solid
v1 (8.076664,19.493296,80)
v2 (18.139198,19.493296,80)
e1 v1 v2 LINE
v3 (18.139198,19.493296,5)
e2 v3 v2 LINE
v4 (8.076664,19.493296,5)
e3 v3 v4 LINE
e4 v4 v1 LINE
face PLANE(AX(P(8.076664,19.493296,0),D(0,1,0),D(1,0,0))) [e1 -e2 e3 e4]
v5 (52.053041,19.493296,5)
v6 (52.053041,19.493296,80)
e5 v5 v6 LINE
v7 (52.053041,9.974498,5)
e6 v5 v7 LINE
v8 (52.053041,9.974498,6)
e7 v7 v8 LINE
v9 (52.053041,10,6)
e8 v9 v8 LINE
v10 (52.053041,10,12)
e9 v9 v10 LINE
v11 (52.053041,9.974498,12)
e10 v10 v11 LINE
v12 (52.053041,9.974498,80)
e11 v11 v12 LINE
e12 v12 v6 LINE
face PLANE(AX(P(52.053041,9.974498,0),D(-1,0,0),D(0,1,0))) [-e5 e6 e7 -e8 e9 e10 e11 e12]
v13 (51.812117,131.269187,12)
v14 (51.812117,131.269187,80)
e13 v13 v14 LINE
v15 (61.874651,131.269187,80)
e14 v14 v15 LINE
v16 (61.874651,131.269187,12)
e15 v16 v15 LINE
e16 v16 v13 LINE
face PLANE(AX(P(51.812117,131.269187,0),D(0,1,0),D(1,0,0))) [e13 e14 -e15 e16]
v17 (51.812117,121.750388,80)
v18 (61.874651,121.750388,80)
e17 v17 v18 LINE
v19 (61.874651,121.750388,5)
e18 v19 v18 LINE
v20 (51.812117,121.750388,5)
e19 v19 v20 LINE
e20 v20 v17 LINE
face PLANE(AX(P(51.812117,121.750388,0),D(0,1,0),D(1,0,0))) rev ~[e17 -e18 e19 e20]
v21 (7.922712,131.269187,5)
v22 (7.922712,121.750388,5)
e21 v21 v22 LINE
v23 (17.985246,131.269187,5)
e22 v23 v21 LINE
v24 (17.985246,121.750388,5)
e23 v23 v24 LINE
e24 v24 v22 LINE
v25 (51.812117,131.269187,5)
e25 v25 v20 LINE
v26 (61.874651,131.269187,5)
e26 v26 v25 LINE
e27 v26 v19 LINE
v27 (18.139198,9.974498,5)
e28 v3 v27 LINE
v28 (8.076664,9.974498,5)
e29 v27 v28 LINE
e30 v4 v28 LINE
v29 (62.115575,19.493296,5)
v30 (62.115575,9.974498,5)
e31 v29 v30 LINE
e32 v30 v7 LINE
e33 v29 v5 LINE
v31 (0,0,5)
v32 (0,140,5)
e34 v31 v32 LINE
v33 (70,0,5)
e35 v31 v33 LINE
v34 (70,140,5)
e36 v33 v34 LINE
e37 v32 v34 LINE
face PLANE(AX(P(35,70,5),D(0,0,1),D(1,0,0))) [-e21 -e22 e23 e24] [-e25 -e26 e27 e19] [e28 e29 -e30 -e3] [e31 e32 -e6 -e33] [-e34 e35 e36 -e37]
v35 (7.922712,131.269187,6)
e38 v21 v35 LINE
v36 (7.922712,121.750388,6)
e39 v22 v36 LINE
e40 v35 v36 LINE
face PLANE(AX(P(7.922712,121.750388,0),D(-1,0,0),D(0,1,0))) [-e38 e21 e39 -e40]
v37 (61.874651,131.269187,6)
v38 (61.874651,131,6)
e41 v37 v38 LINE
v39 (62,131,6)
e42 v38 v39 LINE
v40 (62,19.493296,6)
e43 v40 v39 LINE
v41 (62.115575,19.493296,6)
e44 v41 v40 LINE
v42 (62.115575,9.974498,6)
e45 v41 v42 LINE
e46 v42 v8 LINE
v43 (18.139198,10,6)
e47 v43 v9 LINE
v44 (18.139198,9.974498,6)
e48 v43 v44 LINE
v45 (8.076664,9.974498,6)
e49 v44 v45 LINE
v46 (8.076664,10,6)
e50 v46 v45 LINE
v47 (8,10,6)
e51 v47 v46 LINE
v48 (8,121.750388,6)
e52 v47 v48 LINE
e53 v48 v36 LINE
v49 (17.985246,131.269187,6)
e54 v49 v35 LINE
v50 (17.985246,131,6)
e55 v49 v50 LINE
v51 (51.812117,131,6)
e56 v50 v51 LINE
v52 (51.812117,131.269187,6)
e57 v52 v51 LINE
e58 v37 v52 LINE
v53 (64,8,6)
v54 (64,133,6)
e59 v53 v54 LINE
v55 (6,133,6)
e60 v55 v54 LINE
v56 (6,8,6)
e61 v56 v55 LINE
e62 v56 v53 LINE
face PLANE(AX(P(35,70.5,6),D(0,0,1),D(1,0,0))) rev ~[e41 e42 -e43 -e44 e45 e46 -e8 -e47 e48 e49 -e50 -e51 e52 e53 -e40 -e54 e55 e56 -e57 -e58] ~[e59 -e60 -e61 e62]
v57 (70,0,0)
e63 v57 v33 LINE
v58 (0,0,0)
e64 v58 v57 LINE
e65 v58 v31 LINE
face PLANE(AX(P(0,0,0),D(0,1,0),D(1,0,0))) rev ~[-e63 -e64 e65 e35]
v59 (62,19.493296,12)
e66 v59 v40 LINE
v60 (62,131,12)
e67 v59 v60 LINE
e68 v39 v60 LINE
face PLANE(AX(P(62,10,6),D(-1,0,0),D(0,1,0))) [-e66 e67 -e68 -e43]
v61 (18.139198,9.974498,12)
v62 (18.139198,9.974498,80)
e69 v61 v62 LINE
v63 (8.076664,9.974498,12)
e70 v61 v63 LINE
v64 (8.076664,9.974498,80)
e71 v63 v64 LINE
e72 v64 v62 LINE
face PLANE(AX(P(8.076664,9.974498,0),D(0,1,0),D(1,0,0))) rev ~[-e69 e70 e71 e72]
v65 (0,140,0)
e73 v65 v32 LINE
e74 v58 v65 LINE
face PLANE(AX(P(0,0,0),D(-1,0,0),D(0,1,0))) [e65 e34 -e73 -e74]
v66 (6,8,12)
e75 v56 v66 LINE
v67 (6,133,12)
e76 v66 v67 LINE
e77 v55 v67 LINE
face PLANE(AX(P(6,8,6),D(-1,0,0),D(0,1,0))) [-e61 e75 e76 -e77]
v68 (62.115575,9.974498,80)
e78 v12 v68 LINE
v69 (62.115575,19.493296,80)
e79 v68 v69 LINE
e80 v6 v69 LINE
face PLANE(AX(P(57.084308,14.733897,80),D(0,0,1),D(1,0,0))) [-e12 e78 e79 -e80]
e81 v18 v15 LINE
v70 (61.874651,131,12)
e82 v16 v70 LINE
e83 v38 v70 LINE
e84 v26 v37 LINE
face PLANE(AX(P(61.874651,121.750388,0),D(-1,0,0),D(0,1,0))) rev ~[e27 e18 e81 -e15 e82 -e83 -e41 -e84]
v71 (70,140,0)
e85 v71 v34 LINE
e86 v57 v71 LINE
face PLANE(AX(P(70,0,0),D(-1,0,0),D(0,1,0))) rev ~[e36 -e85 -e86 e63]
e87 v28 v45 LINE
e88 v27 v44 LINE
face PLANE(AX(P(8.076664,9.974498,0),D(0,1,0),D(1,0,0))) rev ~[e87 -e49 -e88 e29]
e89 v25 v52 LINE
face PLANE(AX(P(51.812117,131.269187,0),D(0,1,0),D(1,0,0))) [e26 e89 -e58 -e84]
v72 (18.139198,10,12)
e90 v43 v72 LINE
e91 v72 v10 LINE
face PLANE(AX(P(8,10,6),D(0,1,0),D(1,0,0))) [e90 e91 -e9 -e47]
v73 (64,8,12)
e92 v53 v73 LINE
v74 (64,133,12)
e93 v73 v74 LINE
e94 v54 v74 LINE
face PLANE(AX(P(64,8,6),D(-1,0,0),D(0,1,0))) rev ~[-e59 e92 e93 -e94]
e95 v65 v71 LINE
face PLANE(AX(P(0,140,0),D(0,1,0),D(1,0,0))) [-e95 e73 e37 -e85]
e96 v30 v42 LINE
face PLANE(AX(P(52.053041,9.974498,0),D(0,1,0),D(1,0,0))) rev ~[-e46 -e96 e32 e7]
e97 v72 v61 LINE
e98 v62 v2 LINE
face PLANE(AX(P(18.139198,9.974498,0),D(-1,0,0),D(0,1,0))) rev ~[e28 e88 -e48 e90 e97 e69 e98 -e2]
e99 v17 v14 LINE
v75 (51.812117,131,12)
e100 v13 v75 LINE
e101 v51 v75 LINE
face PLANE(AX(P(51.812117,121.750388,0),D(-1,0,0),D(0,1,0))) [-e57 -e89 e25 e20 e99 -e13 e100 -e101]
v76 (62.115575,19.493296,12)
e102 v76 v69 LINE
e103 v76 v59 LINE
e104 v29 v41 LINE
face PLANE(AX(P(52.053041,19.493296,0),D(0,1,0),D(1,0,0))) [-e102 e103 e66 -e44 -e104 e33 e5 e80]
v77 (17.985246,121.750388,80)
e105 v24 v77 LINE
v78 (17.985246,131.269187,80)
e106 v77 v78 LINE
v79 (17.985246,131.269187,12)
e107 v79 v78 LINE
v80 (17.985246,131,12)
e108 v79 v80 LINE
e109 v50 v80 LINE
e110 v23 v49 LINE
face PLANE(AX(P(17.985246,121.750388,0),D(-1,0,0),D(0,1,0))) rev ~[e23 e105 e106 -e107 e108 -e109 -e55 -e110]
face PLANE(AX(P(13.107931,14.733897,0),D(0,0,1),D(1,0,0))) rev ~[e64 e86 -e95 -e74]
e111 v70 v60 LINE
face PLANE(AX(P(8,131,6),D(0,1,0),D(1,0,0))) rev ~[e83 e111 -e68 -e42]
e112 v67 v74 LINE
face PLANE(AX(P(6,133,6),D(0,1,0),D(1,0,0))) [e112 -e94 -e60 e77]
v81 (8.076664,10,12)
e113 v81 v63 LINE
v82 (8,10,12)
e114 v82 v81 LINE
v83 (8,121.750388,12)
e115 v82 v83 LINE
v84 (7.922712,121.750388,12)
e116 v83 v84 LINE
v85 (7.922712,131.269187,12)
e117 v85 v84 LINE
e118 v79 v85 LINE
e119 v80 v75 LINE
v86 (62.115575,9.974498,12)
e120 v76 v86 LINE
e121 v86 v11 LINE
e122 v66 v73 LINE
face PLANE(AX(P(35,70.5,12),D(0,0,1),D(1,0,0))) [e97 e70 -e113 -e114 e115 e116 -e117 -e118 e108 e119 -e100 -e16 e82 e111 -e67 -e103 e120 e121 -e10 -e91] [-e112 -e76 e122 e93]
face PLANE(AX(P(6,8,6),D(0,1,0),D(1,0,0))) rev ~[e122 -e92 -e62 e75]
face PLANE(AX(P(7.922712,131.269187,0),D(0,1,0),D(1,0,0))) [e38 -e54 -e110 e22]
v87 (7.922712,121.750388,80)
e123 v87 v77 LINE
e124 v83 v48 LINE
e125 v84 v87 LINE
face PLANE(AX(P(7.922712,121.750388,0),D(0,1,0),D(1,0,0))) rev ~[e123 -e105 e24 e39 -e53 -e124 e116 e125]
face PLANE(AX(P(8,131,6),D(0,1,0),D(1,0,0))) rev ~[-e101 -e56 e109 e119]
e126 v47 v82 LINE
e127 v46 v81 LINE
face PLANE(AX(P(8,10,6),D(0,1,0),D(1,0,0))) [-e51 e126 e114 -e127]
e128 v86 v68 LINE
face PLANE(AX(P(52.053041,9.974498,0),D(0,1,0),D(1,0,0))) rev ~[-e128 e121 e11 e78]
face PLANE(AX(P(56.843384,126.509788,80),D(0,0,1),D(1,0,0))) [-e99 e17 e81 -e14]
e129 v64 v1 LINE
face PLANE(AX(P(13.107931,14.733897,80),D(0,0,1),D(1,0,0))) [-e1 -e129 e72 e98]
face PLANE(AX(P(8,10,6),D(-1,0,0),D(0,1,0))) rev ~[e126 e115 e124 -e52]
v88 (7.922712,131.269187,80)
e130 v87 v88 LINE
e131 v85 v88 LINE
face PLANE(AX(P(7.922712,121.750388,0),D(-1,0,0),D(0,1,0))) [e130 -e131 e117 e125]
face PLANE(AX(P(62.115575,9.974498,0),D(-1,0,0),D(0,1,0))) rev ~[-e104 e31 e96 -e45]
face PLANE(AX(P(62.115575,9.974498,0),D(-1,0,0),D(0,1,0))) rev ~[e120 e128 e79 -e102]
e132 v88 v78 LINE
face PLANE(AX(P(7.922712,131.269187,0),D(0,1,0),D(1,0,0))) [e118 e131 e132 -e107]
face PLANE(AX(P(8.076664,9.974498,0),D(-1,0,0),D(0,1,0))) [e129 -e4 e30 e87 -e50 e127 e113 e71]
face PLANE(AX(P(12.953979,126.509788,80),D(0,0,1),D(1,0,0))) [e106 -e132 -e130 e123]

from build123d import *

# Parameters (mm, degrees)
SKETCH002_W      = 10.062535
SKETCH002_H      = 9.518799
EXTRUDE003_DEPTH = 80
SKETCH001_W      = 58
SKETCH001_H      = 125
SKETCH001_W_2    = 54
SKETCH001_H_2    = 121
EXTRUDE002_DEPTH = 6
SKETCH_W         = 70
SKETCH_H         = 140
EXTRUDE_DEPTH    = 5


with BuildPart() as legs:
    # Sketch002 → Extrude003 (new body)
    with BuildSketch(Plane.XY):
        with Locations((12.953979, 126.509788)):
            Rectangle(SKETCH002_W, SKETCH002_H)
        with Locations((56.843384, 126.509788)):
            Rectangle(SKETCH002_W, SKETCH002_H)
        with Locations((57.084308, 14.733897)):
            Rectangle(SKETCH002_W, SKETCH002_H)
        with Locations((13.107931, 14.733897)):
            Rectangle(SKETCH002_W, SKETCH002_H)
    extrude(amount=EXTRUDE003_DEPTH)


with BuildPart() as table_support:
    # Sketch001 → Extrude002 (new body)
    with BuildSketch(Plane.XY):
        with Locations((35, 70.5)):
            Rectangle(SKETCH001_W, SKETCH001_H)
        with Locations((35, 70.5)):
            Rectangle(SKETCH001_W_2, SKETCH001_H_2, mode=Mode.SUBTRACT)
    extrude(amount=EXTRUDE002_DEPTH)


with BuildPart() as table_support_1:
    # Extrude002 placement: moved
    add(table_support.part.moved(Location((0, 0, 6))))


with BuildPart() as fusion002:
    # Sketch → Extrude (new body)
    with BuildSketch(Plane.XY):
        with Locations((35, 70)):
            Rectangle(SKETCH_W, SKETCH_H)
    extrude(amount=EXTRUDE_DEPTH)

    # Fusion: union table_support
    add(table_support_1.part)

    # Fusion002: union legs
    add(legs.part)


solid = fusion002.part
